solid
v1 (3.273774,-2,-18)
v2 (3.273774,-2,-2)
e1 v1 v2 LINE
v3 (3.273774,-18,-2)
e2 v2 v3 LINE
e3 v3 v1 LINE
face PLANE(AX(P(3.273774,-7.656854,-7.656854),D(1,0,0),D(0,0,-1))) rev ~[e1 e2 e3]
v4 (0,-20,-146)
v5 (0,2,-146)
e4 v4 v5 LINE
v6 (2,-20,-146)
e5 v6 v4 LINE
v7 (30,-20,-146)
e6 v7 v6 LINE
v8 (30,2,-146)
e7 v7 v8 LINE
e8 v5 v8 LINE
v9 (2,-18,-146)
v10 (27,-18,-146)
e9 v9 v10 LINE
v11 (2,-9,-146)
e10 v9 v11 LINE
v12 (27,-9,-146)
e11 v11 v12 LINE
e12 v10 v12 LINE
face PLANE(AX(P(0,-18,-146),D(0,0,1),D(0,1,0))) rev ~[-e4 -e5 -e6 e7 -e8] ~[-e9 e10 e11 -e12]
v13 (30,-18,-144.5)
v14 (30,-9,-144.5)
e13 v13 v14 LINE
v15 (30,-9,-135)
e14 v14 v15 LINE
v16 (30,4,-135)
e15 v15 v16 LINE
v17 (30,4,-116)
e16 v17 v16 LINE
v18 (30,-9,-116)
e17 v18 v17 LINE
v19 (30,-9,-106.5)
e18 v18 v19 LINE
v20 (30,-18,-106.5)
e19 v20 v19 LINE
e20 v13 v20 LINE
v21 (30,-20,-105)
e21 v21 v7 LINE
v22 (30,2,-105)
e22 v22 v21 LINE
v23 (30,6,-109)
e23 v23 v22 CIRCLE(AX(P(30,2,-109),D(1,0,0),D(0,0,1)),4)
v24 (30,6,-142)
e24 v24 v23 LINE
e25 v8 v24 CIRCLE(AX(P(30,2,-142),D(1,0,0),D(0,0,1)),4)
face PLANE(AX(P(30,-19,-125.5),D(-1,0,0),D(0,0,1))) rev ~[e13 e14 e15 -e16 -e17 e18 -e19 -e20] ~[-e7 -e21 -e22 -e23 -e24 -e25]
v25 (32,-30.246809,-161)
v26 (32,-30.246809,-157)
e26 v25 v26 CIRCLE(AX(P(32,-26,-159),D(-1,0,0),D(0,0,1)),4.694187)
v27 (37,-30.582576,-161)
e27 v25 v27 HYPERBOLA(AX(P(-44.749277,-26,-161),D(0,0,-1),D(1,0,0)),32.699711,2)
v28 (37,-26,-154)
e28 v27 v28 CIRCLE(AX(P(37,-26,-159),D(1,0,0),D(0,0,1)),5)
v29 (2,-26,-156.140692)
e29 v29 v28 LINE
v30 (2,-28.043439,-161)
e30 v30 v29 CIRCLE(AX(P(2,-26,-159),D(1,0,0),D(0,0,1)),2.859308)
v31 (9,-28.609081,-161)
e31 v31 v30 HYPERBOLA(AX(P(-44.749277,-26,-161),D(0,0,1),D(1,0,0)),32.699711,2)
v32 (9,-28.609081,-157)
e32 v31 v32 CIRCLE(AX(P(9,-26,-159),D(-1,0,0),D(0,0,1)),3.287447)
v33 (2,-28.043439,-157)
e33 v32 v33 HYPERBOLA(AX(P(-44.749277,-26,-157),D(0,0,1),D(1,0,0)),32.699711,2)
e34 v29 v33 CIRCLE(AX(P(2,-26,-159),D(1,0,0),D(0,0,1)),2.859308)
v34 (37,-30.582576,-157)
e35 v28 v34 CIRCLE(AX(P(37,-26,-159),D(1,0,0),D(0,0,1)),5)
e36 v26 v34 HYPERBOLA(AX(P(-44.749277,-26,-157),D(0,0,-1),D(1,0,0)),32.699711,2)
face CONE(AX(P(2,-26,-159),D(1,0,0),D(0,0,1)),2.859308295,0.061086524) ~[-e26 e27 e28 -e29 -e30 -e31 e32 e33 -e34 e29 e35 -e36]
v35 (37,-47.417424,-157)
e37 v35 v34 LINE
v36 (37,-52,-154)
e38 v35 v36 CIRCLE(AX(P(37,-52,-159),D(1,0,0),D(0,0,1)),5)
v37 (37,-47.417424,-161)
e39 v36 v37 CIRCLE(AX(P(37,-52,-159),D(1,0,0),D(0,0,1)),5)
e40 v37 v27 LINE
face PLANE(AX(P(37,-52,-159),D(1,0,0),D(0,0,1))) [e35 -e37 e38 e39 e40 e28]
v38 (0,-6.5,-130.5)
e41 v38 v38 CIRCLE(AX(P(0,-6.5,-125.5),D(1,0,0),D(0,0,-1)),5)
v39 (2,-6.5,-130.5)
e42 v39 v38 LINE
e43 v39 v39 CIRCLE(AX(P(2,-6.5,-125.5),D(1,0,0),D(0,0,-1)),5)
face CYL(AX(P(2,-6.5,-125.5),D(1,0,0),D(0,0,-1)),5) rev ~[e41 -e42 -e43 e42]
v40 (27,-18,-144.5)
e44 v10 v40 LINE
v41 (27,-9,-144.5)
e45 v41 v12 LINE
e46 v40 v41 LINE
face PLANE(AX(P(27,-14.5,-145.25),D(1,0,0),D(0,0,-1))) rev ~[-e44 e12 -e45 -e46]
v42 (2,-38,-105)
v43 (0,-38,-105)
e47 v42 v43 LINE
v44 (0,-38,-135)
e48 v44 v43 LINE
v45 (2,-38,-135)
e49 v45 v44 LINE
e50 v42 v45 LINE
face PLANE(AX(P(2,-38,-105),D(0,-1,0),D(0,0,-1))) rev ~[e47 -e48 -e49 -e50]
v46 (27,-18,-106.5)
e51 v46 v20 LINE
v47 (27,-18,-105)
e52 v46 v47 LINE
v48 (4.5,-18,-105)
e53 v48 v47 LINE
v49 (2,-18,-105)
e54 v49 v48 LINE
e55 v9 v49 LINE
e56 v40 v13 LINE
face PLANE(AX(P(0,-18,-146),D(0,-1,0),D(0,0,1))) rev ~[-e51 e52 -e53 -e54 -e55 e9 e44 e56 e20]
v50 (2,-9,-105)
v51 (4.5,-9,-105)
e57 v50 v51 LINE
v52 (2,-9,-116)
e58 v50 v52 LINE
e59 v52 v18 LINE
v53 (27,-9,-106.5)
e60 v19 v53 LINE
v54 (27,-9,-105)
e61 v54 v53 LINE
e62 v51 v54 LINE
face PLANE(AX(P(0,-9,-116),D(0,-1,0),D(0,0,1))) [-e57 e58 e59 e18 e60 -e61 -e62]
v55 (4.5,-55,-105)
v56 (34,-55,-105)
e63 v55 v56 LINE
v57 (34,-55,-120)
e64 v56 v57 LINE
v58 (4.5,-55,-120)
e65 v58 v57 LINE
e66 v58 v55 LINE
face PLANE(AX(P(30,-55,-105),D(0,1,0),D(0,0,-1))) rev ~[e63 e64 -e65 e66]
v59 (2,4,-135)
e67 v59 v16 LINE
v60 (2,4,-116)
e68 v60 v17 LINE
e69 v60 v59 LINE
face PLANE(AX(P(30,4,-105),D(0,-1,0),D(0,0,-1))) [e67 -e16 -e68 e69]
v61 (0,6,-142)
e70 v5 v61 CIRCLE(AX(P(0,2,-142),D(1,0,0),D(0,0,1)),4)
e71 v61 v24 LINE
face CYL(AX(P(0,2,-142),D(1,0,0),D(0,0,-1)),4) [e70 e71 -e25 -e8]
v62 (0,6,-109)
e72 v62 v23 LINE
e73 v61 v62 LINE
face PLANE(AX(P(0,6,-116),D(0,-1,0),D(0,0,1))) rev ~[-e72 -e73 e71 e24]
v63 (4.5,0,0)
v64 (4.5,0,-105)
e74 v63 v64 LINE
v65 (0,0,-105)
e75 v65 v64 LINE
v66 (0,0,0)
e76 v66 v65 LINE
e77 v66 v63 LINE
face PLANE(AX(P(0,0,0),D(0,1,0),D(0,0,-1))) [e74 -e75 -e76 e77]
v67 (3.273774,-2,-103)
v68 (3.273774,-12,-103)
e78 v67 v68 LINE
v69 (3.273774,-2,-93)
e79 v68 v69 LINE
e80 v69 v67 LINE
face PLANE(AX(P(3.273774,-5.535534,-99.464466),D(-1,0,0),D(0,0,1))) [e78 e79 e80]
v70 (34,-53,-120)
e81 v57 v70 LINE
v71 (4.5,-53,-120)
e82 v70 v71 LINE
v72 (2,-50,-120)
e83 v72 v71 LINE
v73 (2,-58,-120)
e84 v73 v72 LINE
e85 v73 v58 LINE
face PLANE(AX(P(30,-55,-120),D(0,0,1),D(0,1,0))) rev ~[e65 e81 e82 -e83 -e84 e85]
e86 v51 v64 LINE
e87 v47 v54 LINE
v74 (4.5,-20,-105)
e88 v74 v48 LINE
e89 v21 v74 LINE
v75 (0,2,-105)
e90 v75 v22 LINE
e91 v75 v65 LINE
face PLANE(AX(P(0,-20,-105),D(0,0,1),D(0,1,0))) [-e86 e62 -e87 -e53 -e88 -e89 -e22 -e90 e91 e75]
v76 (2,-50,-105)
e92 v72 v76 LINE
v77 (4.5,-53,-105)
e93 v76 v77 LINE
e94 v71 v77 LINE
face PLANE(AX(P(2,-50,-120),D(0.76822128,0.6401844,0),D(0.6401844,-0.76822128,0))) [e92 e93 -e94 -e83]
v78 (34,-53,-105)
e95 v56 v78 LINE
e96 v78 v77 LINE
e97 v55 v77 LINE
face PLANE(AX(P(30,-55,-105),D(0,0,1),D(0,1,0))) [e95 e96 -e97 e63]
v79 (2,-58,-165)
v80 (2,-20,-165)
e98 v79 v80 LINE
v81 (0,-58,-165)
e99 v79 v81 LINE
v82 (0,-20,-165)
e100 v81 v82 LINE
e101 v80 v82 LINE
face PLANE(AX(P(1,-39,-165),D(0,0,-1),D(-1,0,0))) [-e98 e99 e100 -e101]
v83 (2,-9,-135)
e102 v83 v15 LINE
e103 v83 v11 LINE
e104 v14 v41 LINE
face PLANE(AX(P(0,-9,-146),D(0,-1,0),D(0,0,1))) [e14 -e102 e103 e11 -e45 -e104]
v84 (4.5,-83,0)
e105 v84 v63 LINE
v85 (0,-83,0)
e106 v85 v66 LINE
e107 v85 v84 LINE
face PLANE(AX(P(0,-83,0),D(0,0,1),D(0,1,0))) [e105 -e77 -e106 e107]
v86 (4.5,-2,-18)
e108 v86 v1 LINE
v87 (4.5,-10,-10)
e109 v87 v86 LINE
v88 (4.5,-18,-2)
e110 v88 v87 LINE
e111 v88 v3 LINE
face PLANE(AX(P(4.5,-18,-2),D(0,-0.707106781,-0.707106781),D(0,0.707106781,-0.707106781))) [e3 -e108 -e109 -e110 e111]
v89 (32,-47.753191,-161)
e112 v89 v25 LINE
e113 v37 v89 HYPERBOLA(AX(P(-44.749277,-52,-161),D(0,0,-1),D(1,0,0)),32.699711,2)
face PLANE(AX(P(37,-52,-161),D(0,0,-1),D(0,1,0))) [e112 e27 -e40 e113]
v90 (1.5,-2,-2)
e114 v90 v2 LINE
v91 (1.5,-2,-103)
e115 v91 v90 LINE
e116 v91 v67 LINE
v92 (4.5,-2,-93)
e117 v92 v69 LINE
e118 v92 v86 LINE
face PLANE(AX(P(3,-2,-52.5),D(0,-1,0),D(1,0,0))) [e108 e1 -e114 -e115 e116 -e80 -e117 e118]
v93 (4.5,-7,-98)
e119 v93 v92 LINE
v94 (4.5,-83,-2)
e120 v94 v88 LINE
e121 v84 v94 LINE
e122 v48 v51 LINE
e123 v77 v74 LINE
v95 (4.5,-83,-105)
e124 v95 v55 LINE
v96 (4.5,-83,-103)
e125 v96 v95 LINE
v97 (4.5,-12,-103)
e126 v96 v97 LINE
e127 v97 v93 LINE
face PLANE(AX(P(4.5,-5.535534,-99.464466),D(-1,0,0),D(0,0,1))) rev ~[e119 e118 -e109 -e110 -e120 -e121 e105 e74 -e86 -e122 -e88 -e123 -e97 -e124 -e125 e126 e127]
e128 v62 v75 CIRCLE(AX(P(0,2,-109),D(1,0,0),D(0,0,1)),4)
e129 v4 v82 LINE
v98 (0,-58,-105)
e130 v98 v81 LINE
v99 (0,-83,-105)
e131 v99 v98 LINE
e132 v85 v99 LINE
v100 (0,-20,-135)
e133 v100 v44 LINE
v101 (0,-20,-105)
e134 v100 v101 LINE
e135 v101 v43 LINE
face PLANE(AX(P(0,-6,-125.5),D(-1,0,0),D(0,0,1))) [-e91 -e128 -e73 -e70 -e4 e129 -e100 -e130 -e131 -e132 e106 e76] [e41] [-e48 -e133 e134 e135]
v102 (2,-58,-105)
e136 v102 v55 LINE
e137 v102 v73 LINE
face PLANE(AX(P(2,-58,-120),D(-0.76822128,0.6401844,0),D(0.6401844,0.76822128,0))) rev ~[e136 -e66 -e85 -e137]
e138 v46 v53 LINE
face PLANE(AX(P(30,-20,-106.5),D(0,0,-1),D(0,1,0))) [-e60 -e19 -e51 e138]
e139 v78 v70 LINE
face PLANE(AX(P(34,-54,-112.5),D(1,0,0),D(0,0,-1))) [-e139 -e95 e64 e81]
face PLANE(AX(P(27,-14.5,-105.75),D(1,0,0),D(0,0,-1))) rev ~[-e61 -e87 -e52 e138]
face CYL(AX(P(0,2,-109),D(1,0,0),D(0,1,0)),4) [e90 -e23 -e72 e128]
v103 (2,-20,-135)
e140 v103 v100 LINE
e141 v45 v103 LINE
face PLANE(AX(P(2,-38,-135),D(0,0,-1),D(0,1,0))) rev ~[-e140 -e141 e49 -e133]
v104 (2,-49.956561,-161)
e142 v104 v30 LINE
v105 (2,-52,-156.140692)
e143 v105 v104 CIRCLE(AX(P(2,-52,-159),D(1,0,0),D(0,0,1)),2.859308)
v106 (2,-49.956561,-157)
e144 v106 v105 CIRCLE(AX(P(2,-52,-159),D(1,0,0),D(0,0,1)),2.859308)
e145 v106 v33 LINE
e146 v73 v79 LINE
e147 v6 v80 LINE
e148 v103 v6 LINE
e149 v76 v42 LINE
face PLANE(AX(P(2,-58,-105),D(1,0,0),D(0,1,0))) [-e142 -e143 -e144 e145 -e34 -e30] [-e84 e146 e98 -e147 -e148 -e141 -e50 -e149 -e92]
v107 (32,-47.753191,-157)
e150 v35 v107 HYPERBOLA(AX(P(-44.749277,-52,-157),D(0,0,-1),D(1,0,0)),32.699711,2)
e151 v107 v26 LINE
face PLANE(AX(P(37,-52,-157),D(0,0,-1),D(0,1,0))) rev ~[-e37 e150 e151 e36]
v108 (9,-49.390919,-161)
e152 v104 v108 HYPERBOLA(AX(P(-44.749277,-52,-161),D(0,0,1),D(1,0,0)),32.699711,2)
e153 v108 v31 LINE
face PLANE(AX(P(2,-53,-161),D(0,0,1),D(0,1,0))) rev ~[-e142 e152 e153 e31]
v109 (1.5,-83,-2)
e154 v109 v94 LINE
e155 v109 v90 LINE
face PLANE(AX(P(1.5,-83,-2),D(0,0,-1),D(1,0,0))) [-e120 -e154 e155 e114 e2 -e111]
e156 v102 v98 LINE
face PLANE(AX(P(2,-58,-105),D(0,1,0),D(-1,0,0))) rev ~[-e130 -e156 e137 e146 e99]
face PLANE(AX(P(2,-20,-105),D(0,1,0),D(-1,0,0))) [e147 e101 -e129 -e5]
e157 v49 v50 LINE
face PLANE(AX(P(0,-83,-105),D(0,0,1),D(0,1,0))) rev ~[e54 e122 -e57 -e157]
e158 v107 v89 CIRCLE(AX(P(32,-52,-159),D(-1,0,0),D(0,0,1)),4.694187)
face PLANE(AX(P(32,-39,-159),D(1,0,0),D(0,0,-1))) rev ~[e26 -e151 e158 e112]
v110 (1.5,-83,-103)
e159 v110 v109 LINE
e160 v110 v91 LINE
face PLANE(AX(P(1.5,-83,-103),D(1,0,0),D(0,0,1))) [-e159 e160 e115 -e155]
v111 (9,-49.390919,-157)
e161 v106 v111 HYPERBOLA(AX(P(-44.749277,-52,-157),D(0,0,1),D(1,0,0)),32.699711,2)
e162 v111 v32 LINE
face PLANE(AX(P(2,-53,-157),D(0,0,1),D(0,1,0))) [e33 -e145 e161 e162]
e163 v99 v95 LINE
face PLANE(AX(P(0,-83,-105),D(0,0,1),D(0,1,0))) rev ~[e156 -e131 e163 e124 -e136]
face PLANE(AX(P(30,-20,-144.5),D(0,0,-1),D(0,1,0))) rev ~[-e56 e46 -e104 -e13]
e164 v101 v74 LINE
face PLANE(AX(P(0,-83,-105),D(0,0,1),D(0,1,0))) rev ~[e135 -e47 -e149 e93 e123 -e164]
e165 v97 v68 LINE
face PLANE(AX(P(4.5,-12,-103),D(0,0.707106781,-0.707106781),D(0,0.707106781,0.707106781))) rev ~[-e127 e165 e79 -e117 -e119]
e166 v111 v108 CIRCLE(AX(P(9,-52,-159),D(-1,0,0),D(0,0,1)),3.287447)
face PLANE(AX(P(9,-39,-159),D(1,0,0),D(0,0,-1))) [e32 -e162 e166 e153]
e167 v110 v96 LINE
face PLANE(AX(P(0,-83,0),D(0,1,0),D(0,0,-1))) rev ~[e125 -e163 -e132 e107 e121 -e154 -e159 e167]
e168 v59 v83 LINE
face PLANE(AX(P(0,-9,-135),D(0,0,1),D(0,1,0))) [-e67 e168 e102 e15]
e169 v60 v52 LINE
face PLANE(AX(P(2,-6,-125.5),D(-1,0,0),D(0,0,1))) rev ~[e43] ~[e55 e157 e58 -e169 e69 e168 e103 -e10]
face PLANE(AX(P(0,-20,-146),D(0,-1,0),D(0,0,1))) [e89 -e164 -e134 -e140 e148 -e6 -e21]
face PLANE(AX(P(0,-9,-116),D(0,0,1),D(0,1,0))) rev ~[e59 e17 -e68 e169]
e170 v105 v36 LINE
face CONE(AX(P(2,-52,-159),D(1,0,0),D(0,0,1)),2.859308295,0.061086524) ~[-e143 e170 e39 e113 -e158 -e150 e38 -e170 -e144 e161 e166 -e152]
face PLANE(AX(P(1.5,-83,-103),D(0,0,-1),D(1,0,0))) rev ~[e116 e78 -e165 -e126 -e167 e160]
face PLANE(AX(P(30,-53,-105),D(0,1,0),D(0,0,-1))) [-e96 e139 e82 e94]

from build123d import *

# Parameters (mm, degrees)
SKETCH6_W            = 105
SKETCH6_H            = 83
BOSS_EXTRUDE3_DEPTH  = 4.5
SKETCH9_W            = 3
SKETCH9_H            = 101
CUT_EXTRUDE6_DEPTH   = 81
SKETCH10_W           = 1
SKETCH10_H           = 8
BOSS_EXTRUDE4_DEPTH  = 8
SKETCH11_W           = 1.226225524
SKETCH11_H           = 5
BOSS_EXTRUDE5_DEPTH  = 5
BOSS_EXTRUDE12_DEPTH = 1.226226
SKETCH27_W           = 15
SKETCH27_H           = 2
SKETCH27_W_2         = 41
SKETCH27_W_3         = 11
SKETCH27_H_2         = 15
BOSS_EXTRUDE20_DEPTH = 30
SKETCH28_W           = 1.5
SKETCH28_H           = 11
BOSS_EXTRUDE21_DEPTH = 3
SKETCH29_W           = 41
SKETCH29_H           = 2
BOSS_EXTRUDE22_DEPTH = 30
SKETCH30_W           = 2
SKETCH30_H           = 38
BOSS_EXTRUDE23_DEPTH = 60
SKETCH31_R           = 5
BOSS_EXTRUDE24_DEPTH = 35
DRAFT1_ANGLE         = -3.5
DRAFT3_ANGLE         = -3.5
SKETCH32_W           = 4
SKETCH32_H           = 28
BOSS_EXTRUDE25_DEPTH = 7
SKETCH33_W           = 4
SKETCH33_H           = 26
BOSS_EXTRUDE26_DEPTH = 5
SKETCH39_W           = 41
SKETCH39_H           = 24
BOSS_EXTRUDE30_DEPTH = 2
SKETCH40_R           = 5
CUT_EXTRUDE9_DEPTH   = 2
BOSS_EXTRUDE31_DEPTH = 15
SKETCH42_W           = 15
SKETCH42_H           = 2
BOSS_EXTRUDE32_DEPTH = 4
SKETCH45_W           = 30
SKETCH45_H           = 18
CUT_EXTRUDE10_DEPTH  = 5
FILLET1_R            = 4
FILLET2_R            = 4


with BuildPart() as part:
    # Sketch6 → Boss-Extrude3 (new body)
    with BuildSketch(Plane(origin=(0, 0, 0), x_dir=(0, 0, -1), z_dir=(1, 0, 0))):
        with Locations((52.5, -41.5)):
            Rectangle(SKETCH6_W, SKETCH6_H)
    extrude(amount=BOSS_EXTRUDE3_DEPTH)

    # Sketch9 → Cut-Extrude6 (cut)
    with BuildSketch(Plane.XZ.offset(83)):
        with Locations((3, -52.5)):
            Rectangle(SKETCH9_W, SKETCH9_H)
    extrude(amount=-CUT_EXTRUDE6_DEPTH, mode=Mode.SUBTRACT)

    # Sketch10 → Boss-Extrude4 (add)
    with BuildSketch(Plane(origin=(0, 0, -2), x_dir=(-1, 0, 0), z_dir=(0, 0, -1))):
        with Locations((-4, -6)):
            Rectangle(SKETCH10_W, SKETCH10_H)
    extrude(amount=BOSS_EXTRUDE4_DEPTH)

    # Sketch11 → Boss-Extrude5 (add)
    with BuildSketch(Plane.XY.offset(-103)):
        with Locations((3.886887238, -4.5)):
            Rectangle(SKETCH11_W, SKETCH11_H)
    extrude(amount=BOSS_EXTRUDE5_DEPTH)

    # Sketch18 → Boss-Extrude12 (add)
    with BuildSketch(Plane(origin=(4.5, 0, 0), x_dir=(0, 0, -1), z_dir=(1, 0, 0))):
        Polygon((103, -12), (93, -2), (103, -2), align=None)
        Polygon((18, -2), (2, -2), (2, -18), align=None)
    extrude(amount=-BOSS_EXTRUDE12_DEPTH)

    # Sketch27 → Boss-Extrude20 (add)
    with BuildSketch(Plane.ZY):
        with Locations((-112.5, -54)):
            Rectangle(SKETCH27_W, SKETCH27_H)
        with Locations((-125.5, -19)):
            Rectangle(SKETCH27_W_2, SKETCH27_H)
        with Locations((-110.5, -1.5)):
            Rectangle(SKETCH27_W_3, SKETCH27_H_2)
        with Locations((-140.5, -1.5)):
            Rectangle(SKETCH27_W_3, SKETCH27_H_2)
    extrude(amount=-BOSS_EXTRUDE20_DEPTH)


with BuildPart() as boss_extrude20_piece_1:
    # of the separate pieces the step leaves, piece 1, a body of its own (boss_extrude20_pieces)
    add(part.part.solids().sort_by_distance((0, 0, 0))[0])



with BuildPart() as boss_extrude20_piece_2:
    # of the separate pieces the step leaves, piece 2, a body of its own (boss_extrude20_pieces)
    add(part.part.solids().sort_by_distance((0, 6, -146))[0])


with BuildPart() as boss_extrude20_piece_1_1:
    add(boss_extrude20_piece_1.part)

    add(boss_extrude20_piece_2.part)  # Boss-Extrude21 merges Boss-Extrude20 piece 2
    # Sketch28 → Boss-Extrude21 (add)
    with BuildSketch(Plane(origin=(30, 0, 0), x_dir=(0, 0, -1), z_dir=(1, 0, 0))):
        with Locations((145.25, -14.5)):
            Rectangle(SKETCH28_W, SKETCH28_H)
        with Locations((105.75, -14.5)):
            Rectangle(SKETCH28_W, SKETCH28_H)
    extrude(amount=-BOSS_EXTRUDE21_DEPTH)

    # Sketch29 → Boss-Extrude22 (add)
    with BuildSketch(Plane(origin=(30, 0, 0), x_dir=(0, 0, -1), z_dir=(1, 0, 0))):
        with Locations((125.5, 5)):
            Rectangle(SKETCH29_W, SKETCH29_H)
    extrude(amount=-BOSS_EXTRUDE22_DEPTH)

    # Sketch30 → Boss-Extrude23 (add)
    with BuildSketch(Plane(origin=(0, 0, -105), x_dir=(-1, 0, 0), z_dir=(0, 0, -1))):
        with Locations((-1, -39)):
            Rectangle(SKETCH30_W, SKETCH30_H)
    extrude(amount=BOSS_EXTRUDE23_DEPTH)

    # Sketch31 → Boss-Extrude24 (add)
    with BuildSketch(Plane(origin=(2, 0, 0), x_dir=(0, 0, -1), z_dir=(1, 0, 0))):
        with Locations(Location((159, -52, 0), (0, 0, 180))):
            Circle(SKETCH31_R)
        with Locations(Location((159, -26, 0), (0, 0, 180))):
            Circle(SKETCH31_R)
    extrude(amount=BOSS_EXTRUDE24_DEPTH)

    # Draft1
    draft1_faces = [boss_extrude20_piece_1_1.faces().sort_by_distance(p)[0] for p in [
        (19.5, -52, -164),
    ]]
    draft(draft1_faces, Plane(origin=(37, -52, -159), x_dir=(0, 0, 1), z_dir=(1, 0, 0)), DRAFT1_ANGLE)

    # Draft3
    draft3_faces = [boss_extrude20_piece_1_1.faces().sort_by_distance(p)[0] for p in [
        (19.5, -26, -164),
    ]]
    draft(draft3_faces, Plane(origin=(37, -26, -159), x_dir=(0, 0, 1), z_dir=(1, 0, 0)), DRAFT3_ANGLE)

    # Sketch32 → Boss-Extrude25 (add)
    with BuildSketch(Plane(origin=(2, 0, 0), x_dir=(0, 0, -1), z_dir=(1, 0, 0))):
        with Locations((159, -39)):
            Rectangle(SKETCH32_W, SKETCH32_H)
    extrude(amount=BOSS_EXTRUDE25_DEPTH)

    # Sketch33 → Boss-Extrude26 (add)
    with BuildSketch(Plane(origin=(37, 0, 0), x_dir=(0, 0, -1), z_dir=(1, 0, 0))):
        with Locations((159, -39)):
            Rectangle(SKETCH33_W, SKETCH33_H)
    extrude(amount=-BOSS_EXTRUDE26_DEPTH)

    # Sketch39 → Boss-Extrude30 (add)
    with BuildSketch(Plane.ZY):
        with Locations((-125.5, -6)):
            Rectangle(SKETCH39_W, SKETCH39_H)
    extrude(amount=-BOSS_EXTRUDE30_DEPTH)

    # Sketch40 → Cut-Extrude9 (cut)
    with BuildSketch(Plane(origin=(2, 0, 0), x_dir=(0, 0, -1), z_dir=(1, 0, 0))):
        with Locations((125.5, -6.5)):
            Circle(SKETCH40_R)
    extrude(amount=-CUT_EXTRUDE9_DEPTH, mode=Mode.SUBTRACT)

    # Sketch41 → Boss-Extrude31 (add)
    with BuildSketch(Plane(origin=(0, 0, -120), x_dir=(-1, 0, 0), z_dir=(0, 0, -1))):
        Polygon((-2, -55), (-2, -58), (-4.5, -55), align=None)
        Polygon((-2, -50), (-4.5, -53), (-2, -53), align=None)
    extrude(amount=-BOSS_EXTRUDE31_DEPTH)

    # Sketch42 → Boss-Extrude32 (add)
    with BuildSketch(Plane(origin=(30, 0, 0), x_dir=(0, 0, -1), z_dir=(1, 0, 0))):
        with Locations((112.5, -54)):
            Rectangle(SKETCH42_W, SKETCH42_H)
    extrude(amount=BOSS_EXTRUDE32_DEPTH)

    # Sketch45 → Cut-Extrude10 (cut)
    with BuildSketch(Plane(origin=(2, 0, 0), x_dir=(0, 0, -1), z_dir=(1, 0, 0))):
        with Locations((120, -29)):
            Rectangle(SKETCH45_W, SKETCH45_H)
    extrude(amount=-CUT_EXTRUDE10_DEPTH, mode=Mode.SUBTRACT)

    # Fillet1
    fillet1_edges = [boss_extrude20_piece_1_1.edges().sort_by_distance(p)[0] for p in [
        (15, 6, -146),
    ]]
    fillet(fillet1_edges, radius=FILLET1_R)

    # Fillet2
    fillet2_edges = [boss_extrude20_piece_1_1.edges().sort_by_distance(p)[0] for p in [
        (15, 6, -105),
    ]]
    fillet(fillet2_edges, radius=FILLET2_R)


solid = boss_extrude20_piece_1_1.part
